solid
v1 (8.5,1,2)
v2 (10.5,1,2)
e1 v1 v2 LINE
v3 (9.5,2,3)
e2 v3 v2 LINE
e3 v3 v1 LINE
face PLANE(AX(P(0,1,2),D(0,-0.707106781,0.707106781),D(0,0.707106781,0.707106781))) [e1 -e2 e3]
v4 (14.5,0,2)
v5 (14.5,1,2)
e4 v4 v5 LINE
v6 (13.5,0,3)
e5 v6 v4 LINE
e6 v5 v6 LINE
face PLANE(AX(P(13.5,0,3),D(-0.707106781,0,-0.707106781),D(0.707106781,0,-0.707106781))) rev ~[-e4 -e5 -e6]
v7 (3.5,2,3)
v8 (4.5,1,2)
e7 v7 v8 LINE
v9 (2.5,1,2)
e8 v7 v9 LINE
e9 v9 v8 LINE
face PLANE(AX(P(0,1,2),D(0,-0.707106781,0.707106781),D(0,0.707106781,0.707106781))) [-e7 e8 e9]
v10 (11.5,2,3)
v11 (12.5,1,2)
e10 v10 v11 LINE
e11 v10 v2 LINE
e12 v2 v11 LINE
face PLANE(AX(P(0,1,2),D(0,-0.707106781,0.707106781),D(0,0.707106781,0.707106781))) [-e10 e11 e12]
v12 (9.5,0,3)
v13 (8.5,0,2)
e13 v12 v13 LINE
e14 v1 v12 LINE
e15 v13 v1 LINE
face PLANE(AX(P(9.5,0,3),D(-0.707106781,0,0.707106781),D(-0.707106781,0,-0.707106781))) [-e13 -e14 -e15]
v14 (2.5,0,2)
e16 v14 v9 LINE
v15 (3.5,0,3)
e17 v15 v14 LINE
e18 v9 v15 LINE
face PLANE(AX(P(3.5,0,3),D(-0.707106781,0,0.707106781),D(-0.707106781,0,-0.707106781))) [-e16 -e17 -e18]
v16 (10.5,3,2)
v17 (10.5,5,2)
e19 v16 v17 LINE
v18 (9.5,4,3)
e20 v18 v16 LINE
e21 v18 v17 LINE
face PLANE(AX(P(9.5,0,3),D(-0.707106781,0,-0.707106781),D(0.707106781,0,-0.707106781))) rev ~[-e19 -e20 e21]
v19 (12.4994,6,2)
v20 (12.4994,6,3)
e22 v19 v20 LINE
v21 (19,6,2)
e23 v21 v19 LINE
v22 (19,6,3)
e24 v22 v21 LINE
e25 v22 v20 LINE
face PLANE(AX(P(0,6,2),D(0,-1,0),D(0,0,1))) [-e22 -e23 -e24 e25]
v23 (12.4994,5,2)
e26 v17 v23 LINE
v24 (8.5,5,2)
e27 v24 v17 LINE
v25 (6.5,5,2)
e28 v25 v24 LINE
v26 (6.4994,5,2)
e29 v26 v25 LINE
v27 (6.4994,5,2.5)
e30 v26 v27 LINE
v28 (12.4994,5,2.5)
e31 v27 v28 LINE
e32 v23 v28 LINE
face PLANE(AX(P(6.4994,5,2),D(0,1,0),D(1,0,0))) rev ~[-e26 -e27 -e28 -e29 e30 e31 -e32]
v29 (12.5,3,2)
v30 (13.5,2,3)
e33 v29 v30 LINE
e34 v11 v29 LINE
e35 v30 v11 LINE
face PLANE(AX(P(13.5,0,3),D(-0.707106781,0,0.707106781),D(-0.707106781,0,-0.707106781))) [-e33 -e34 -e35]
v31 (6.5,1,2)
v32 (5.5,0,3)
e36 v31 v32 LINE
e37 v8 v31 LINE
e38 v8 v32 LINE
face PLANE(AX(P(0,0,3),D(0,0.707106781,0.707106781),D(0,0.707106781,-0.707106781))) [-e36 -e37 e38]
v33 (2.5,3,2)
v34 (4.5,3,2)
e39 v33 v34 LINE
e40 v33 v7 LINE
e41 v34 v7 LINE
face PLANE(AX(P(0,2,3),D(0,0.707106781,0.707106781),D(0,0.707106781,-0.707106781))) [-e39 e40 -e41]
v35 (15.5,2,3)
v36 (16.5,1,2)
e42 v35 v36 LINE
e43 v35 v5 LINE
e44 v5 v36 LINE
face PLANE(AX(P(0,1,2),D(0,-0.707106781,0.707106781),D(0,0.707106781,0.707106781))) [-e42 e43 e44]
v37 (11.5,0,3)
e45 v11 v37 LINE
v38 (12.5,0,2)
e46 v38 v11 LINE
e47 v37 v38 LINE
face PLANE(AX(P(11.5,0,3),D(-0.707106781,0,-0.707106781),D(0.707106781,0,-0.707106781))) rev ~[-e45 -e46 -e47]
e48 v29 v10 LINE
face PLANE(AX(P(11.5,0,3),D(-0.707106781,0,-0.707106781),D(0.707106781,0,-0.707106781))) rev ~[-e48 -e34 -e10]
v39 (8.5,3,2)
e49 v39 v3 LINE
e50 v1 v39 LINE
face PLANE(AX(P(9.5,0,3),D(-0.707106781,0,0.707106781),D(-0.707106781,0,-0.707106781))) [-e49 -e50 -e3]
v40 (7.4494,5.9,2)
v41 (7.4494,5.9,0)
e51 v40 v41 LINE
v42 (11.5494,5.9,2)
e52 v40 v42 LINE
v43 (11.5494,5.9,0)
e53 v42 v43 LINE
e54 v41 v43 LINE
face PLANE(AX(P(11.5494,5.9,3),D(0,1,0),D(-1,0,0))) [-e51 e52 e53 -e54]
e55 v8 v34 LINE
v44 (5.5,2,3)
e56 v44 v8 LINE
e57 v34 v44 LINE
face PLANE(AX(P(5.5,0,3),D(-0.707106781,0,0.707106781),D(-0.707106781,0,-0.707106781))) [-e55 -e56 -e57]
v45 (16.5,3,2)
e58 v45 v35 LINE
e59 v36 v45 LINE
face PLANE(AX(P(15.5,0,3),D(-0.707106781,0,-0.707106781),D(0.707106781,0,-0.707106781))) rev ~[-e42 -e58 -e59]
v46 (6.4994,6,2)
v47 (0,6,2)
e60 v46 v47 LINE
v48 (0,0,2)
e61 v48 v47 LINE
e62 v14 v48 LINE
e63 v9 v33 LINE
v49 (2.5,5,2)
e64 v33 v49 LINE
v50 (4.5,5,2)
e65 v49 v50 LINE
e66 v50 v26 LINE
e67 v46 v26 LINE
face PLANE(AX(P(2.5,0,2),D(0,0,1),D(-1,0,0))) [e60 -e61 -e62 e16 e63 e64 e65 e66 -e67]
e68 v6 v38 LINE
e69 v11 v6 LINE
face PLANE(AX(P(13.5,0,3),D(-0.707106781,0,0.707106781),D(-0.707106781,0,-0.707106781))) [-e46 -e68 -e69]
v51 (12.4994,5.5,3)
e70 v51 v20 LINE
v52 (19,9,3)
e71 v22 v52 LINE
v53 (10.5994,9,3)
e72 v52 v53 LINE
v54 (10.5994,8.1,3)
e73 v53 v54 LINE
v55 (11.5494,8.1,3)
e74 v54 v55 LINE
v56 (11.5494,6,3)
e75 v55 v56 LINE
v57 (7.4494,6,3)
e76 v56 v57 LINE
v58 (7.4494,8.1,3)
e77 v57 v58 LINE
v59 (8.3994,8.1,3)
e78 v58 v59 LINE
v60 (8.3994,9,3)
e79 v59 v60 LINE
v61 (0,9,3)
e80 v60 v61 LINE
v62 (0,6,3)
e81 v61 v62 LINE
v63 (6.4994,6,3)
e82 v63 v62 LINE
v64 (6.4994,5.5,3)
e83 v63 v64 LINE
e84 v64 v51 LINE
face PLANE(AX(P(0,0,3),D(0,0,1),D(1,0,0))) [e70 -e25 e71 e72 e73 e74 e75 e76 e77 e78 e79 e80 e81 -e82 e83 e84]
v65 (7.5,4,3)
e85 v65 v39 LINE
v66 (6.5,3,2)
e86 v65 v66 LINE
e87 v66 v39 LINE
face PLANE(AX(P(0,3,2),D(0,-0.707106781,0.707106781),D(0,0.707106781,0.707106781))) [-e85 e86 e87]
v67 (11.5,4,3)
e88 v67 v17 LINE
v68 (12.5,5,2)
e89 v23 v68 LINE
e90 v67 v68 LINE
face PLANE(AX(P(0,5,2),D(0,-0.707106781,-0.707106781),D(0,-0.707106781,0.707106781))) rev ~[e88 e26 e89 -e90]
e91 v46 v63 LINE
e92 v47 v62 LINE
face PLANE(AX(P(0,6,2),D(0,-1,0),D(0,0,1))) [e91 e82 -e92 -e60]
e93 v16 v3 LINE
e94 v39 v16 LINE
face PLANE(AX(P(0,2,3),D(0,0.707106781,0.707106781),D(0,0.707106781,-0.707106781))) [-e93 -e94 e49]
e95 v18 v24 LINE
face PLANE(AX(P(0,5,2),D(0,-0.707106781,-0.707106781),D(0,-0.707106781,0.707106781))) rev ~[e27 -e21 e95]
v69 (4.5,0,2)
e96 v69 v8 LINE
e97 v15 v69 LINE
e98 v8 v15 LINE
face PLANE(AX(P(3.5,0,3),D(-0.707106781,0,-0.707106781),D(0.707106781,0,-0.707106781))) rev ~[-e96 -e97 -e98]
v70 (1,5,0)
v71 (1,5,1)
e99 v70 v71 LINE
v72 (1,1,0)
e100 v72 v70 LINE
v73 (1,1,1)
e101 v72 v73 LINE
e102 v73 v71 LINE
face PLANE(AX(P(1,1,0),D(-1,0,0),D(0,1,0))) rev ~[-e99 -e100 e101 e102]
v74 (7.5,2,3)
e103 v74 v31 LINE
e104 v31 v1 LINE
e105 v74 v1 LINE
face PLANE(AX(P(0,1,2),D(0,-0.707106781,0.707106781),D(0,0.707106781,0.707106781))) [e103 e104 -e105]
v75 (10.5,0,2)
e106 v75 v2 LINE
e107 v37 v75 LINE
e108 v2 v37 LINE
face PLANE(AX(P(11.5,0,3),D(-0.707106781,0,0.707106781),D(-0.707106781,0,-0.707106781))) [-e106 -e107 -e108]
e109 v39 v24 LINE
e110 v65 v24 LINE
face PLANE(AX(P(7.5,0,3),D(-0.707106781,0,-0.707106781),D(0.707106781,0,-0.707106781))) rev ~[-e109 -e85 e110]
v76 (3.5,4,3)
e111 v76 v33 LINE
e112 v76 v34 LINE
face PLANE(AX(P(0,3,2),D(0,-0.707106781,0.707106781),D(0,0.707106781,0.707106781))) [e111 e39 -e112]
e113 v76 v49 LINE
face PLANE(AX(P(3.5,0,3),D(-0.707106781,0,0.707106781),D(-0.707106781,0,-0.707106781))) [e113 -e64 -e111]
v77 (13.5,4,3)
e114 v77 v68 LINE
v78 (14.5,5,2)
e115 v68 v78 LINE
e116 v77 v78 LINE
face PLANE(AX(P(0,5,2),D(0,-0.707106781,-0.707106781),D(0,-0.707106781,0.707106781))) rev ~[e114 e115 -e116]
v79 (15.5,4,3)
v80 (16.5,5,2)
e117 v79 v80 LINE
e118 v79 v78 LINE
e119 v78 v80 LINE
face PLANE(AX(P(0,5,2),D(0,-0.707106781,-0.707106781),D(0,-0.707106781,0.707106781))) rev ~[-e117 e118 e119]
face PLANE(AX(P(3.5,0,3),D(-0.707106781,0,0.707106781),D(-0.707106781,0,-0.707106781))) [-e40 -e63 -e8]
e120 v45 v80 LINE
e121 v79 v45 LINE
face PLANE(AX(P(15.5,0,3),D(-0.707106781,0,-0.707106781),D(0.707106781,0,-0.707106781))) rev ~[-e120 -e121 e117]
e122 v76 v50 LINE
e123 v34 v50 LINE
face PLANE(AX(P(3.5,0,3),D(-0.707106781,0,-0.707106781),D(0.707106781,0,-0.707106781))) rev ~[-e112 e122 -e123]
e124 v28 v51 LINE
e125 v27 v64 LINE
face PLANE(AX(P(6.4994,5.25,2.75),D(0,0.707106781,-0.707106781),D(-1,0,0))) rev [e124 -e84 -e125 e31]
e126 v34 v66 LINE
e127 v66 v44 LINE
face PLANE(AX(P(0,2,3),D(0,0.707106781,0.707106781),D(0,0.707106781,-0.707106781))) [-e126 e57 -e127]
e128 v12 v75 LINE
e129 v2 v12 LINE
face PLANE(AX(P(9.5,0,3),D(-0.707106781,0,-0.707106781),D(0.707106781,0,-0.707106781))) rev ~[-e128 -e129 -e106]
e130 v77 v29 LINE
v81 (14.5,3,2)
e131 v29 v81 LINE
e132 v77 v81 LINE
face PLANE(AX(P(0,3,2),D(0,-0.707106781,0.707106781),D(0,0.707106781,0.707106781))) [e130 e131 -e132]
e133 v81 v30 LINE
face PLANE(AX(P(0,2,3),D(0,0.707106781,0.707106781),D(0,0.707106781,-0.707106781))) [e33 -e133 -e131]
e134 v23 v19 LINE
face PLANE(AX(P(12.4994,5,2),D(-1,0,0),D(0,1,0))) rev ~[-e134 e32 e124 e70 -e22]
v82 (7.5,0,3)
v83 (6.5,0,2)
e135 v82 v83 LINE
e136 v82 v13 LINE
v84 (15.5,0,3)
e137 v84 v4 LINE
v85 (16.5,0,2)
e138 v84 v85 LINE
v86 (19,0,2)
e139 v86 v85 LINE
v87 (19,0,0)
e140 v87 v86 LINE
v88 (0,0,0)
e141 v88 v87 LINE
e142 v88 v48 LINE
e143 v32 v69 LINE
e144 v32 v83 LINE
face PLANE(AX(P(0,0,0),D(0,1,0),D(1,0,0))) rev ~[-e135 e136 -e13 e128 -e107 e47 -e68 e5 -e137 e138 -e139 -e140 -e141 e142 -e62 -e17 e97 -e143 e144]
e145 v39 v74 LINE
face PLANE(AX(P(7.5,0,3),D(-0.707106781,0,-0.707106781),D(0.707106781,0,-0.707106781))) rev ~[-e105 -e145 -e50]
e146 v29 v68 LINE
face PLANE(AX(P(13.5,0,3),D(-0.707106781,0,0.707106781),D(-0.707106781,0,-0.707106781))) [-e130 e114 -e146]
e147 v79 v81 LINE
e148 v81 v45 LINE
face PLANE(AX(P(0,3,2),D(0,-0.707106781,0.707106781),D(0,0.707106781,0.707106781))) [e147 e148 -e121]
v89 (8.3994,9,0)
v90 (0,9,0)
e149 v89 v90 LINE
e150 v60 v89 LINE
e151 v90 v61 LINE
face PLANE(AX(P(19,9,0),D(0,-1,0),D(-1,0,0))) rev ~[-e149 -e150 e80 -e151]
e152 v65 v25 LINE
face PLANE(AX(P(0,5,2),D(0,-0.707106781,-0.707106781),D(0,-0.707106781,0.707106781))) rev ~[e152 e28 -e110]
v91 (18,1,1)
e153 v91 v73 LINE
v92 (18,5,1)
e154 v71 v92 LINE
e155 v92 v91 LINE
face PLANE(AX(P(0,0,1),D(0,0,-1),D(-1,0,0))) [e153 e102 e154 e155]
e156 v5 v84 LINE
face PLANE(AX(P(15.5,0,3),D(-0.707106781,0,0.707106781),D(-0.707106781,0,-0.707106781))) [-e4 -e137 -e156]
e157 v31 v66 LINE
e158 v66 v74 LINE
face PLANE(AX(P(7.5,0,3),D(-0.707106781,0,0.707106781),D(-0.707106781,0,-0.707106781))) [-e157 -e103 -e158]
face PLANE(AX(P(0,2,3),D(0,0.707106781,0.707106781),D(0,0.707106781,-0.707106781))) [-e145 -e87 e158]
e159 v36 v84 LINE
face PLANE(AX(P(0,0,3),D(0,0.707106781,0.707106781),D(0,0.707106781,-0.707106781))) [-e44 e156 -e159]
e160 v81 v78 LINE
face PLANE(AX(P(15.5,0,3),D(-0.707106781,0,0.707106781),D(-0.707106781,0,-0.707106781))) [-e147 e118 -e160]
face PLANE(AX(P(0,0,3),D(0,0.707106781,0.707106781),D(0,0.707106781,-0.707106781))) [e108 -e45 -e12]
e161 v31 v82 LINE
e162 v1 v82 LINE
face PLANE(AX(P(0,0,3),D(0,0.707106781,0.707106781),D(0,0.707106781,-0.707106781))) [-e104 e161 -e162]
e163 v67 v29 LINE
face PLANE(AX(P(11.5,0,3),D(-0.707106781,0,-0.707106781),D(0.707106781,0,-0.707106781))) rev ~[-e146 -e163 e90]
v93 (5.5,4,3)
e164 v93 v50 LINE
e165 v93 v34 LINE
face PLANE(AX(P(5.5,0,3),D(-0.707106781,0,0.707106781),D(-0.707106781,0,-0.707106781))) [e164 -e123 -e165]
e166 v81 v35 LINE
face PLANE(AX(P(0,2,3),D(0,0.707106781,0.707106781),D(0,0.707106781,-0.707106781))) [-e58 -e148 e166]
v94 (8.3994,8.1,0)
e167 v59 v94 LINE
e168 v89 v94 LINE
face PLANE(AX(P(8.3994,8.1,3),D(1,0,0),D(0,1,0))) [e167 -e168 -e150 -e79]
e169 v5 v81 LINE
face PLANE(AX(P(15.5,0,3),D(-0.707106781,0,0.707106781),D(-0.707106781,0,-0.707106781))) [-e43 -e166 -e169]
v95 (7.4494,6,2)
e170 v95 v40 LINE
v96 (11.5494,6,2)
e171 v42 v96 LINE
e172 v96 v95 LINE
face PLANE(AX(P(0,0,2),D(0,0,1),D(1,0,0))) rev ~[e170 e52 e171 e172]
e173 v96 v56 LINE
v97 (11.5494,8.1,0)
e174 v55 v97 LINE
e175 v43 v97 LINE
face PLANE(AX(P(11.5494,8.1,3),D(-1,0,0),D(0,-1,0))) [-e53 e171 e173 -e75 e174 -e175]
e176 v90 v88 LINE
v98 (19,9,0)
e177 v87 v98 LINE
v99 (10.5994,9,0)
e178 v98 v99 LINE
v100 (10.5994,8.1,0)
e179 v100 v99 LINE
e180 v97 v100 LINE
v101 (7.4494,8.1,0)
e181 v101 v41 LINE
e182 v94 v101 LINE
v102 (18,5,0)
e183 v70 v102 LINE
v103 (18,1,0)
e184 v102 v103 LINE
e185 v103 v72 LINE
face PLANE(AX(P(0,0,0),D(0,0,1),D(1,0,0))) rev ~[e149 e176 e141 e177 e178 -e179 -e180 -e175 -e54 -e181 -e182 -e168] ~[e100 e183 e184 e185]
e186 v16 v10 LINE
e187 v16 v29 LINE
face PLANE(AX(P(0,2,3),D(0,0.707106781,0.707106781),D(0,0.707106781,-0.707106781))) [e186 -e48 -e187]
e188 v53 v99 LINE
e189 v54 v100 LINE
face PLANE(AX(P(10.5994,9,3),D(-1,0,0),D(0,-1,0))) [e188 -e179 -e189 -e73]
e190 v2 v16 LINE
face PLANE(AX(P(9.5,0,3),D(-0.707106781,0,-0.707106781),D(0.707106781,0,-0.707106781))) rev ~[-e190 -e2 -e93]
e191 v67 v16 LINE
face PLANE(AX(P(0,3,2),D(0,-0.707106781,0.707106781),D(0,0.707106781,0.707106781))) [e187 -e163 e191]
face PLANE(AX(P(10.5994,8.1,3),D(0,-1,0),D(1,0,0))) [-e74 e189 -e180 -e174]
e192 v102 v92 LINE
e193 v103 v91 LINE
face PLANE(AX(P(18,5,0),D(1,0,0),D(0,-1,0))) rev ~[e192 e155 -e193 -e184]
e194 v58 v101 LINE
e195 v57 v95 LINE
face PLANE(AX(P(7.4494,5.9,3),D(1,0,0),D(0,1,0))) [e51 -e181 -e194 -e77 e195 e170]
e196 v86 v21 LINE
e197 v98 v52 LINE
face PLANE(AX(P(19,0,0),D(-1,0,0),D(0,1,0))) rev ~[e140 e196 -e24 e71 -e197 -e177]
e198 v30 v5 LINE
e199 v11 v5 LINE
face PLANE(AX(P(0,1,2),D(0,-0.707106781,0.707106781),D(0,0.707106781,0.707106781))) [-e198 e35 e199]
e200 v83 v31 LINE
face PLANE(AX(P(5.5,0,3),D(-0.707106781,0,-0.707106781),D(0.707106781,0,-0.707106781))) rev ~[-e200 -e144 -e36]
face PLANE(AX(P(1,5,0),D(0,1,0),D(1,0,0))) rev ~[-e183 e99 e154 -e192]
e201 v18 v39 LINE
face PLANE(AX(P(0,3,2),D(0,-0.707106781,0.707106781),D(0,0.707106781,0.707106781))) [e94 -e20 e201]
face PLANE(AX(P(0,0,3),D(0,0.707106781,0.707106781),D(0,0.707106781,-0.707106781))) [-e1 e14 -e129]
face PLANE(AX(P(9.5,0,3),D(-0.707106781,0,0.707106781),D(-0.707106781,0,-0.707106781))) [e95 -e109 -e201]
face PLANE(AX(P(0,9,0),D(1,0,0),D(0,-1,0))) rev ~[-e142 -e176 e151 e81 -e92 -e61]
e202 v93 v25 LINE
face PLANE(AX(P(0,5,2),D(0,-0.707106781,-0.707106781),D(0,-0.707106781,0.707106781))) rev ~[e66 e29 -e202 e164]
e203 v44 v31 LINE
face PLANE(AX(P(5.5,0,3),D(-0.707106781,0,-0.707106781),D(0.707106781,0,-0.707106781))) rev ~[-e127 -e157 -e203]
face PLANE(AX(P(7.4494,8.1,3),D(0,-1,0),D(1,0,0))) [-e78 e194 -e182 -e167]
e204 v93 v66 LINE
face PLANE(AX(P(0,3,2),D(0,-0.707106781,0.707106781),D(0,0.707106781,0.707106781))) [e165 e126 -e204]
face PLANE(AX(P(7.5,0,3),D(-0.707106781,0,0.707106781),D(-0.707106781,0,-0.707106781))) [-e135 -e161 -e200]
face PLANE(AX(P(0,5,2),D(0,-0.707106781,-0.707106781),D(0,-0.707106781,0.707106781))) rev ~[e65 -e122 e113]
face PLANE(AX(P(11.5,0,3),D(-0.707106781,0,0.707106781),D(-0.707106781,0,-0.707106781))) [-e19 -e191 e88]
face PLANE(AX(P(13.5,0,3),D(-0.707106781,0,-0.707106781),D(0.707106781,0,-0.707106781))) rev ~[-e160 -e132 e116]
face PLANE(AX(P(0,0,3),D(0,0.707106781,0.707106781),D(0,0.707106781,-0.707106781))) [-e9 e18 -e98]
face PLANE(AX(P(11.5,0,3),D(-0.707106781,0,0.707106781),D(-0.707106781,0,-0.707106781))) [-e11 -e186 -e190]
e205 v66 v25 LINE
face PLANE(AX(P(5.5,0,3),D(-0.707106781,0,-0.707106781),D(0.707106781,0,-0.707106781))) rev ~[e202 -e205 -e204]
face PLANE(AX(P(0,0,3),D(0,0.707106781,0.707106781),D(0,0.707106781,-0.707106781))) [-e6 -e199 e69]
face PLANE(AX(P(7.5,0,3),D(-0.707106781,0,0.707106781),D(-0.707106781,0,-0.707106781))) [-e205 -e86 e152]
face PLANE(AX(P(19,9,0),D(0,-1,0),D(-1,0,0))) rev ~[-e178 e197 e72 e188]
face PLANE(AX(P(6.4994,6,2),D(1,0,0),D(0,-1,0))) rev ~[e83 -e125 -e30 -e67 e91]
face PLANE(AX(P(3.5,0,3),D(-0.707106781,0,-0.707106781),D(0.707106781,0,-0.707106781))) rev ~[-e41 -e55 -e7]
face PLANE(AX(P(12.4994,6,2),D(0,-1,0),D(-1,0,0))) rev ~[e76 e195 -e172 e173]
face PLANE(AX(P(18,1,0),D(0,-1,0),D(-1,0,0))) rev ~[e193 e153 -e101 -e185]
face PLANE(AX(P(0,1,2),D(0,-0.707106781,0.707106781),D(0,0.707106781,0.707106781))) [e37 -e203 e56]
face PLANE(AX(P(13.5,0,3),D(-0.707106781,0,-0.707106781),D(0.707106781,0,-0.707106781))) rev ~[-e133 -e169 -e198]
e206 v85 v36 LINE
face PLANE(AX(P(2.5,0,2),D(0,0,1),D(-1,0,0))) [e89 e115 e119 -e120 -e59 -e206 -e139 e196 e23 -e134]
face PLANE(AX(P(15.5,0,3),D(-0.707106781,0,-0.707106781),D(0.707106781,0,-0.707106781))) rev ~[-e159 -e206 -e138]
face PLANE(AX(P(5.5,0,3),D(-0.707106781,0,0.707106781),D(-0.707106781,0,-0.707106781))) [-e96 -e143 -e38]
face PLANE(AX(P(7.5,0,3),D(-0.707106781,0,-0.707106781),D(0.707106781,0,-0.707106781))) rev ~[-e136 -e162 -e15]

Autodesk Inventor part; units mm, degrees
ref_plane "YZ Plane" through (0, 0, 0) normal (1, 0, 0) x (0, 1, 0)
ref_plane "XZ Plane" through (0, 0, 0) normal (0, 1, 0) x (-1, 0, 0)
ref_plane "XY Plane" through (0, 0, 0) normal (0, 0, 1) x (1, 0, 0)
sketch "Sketch1" plane through (0, 0, 0) normal (0, 0, 1) x (1, 0, 0)
  line L0 (0, 0) -> (19, 0)
  line L1 (19, 0) -> (19, 9)
  line L2 (19, 9) -> (0, 9)
  line L3 (0, 9) -> (0, 0)
  point P0 (9.5, 9)
  dimension "d0" = 19
  dimension "d1" = 9
extrude "Extrusion1" add sketch "Sketch1" along normal blind 3
sketch "Sketch10" plane through (0, 0, 0) normal (-1, 0, 0) x (0, 0, 1)
  line L0 (0, 0) -> (3, 0) projected
  line L1 (3, 9) -> (3, 0) projected
  line L2 (3, 0) -> (2, 0)
  line L3 (2, 0) -> (2, 6)
  line L4 (2, 6) -> (3, 6)
  line L5 (3, 6) -> (3, 0)
  line L6 (3, 0) -> (2, 1)
  line L7 (3, 0) -> (4.4142, 0) construction
  line L8 (2, 1) -> (3, 2)
  line L9 (3, 0) -> (3, 9) projected
  line L10 (3, 2) -> (2, 3)
  line L11 (2, 3) -> (3, 4)
  line L12 (2, 5) -> (3, 4)
  line L13 (2, 5) -> (3, 5)
  dimension "d23" = 1
  dimension "d24" = 6
  dimension "d25" = 135
  dimension "d26" = 90
extrude "Extrusion8" cut sketch "Sketch10" against normal up to next contours L6 L8 L1 | L10 L11 L1 | L12 L13 L1 | L3 L4 L1 L13
sketch "Sketch11" plane through (0, 0, 0) normal (0, -1, 0) x (1, 0, 0)
  line L0 (0, 3) -> (19, 3) projected
  line L1 (0, 3) -> (19, 3)
  line L2 (19, 3) -> (19, 2)
  line L3 (19, 2) -> (8.5, 2)
  line L4 (0, 2) -> (0, 3)
  line L5 (0, 3) -> (0, 2) projected
  line L6 (0, 3) -> (1.4142, 3) construction
  line L7 (19, 3) -> (0, 3) projected
  line L8 (9.5, 3) -> (8.5, 2)
  line L9 (9.5, 3) -> (10.9142, 3) construction
  line L10 (10.5, 2) -> (8.5, 2)
  line L11 (9.5, 3) -> (10.5, 2)
  line L12 (10.5, 2) -> (8.5, 2)
  line L13 (8.5, 2) -> (0, 2)
  line L14 (7.5, 3) -> (8.5, 2)
  line L15 (8.5, 2) -> (6.5, 2)
  line L16 (7.5, 3) -> (6.5, 2)
  line L17 (5.5, 3) -> (6.5, 2)
  line L18 (6.5, 2) -> (4.5, 2)
  line L19 (5.5, 3) -> (4.5, 2)
  line L20 (3.5, 3) -> (4.5, 2)
  line L21 (4.5, 2) -> (2.5, 2)
  line L22 (3.5, 3) -> (2.5, 2)
  line L23 (12.5, 2) -> (10.5, 2)
  line L24 (11.5, 3) -> (12.5, 2)
  line L25 (11.5, 3) -> (10.5, 2)
  line L26 (14.5, 2) -> (12.5, 2)
  line L27 (13.5, 3) -> (14.5, 2)
  line L28 (13.5, 3) -> (12.5, 2)
  line L29 (16.5, 2) -> (14.5, 2)
  line L30 (15.5, 3) -> (16.5, 2)
  line L31 (15.5, 3) -> (14.5, 2)
  point P0 (0, 0)
  dimension "d30" = 135
  dimension "d33" = 2
  dimension "d40" = 2
extrude "Extrusion9" cut sketch "Sketch11" against normal blind 6 contours L0 L22 L13 L4 | L0 L19 L20 | L0 L16 L17 | L0 L8 L14 | L0 L25 L11 | L0 L28 L24 | L0 L31 L27 | L0 L2 L3 L30
sketch "Sketch12" plane through (0, 0, 3) normal (0, 0, 1) x (1, 0, 0)
  line L0 (19, 9) -> (0, 9) projected
  line L1 (11.5494, 5.9) -> (7.4494, 5.9)
  line L2 (7.4494, 5.9) -> (7.4494, 8.1)
  line L3 (7.4494, 8.1) -> (11.5494, 8.1)
  line L4 (11.5494, 8.1) -> (11.5494, 5.9)
  line L5 (11.5494, 5.9) -> (7.4494, 8.1) construction
  line L6 (7.4494, 5.9) -> (11.5494, 8.1) construction
  line L7 (10.5994, 7.2) -> (8.3994, 7.2)
  line L8 (8.3994, 7.2) -> (8.3994, 9)
  line L9 (8.3994, 9) -> (10.5994, 9)
  line L10 (10.5994, 9) -> (10.5994, 7.2)
  line L11 (10.5994, 7.2) -> (8.3994, 9) construction
  line L12 (8.3994, 7.2) -> (10.5994, 9) construction
  point P0 (0, 0)
  point P1 (9.4994, 7)
  point P2 (9.4994, 8.1)
  dimension "d47" = 2
  dimension "d48" = 4.1
  dimension "d49" = 2.2
  dimension "d50" = 2.2
extrude "Extrusion10" cut sketch "Sketch12" against normal up to next
sketch "Sketch13" plane through (0, 0, 0) normal (0, 0, -1) x (-1, 0, 0)
  line L0 (-8.3994, 9) -> (-8.3994, 8.1) projected
  line L1 (-8.3994, 8.1) -> (-7.4494, 8.1) projected
  line L2 (-7.4494, 8.1) -> (-7.4494, 5.9) projected
  line L3 (-7.4494, 5.9) -> (-11.5494, 5.9) projected
  line L4 (-11.5494, 5.9) -> (-11.5494, 8.1) projected
  line L5 (-11.5494, 8.1) -> (-10.5994, 8.1) projected
  line L6 (-10.5994, 8.1) -> (-10.5994, 9) projected
  line L7 (-19, 9) -> (-10.5994, 9) projected
  line L8 (-19, 0) -> (-19, 9) projected
  line L9 (0, 0) -> (-19, 0) projected
  line L10 (0, 9) -> (0, 0) projected
  line L11 (-8.3994, 9) -> (0, 9) projected
  line L12 (-10.5, 3) -> (-8.5, 3) projected
  line L13 (-1, 5) -> (-18, 5)
  line L14 (-18, 5) -> (-18, 1)
  line L15 (-18, 1) -> (-1, 1)
  line L16 (-1, 1) -> (-1, 5)
  line L17 (-1, 5) -> (-18, 1) construction
  line L18 (-18, 5) -> (-1, 1) construction
  point P0 (-9.5, 3)
  dimension "d53" = 17
  dimension "d54" = 4
extrude "Extrusion11" cut sketch "Sketch13" against normal blind 1 contours L16 L15 L14 L13
sketch "Sketch14" plane through (0, 0, 2) normal (0, 0, 1) x (1, 0, 0)
  line L0 (6.4994, 5) -> (12.4994, 5)
  line L1 (12.4994, 5) -> (12.4994, 6)
  line L2 (12.4994, 6) -> (6.4994, 6)
  line L3 (6.4994, 6) -> (6.4994, 5)
  line L4 (6.4994, 5) -> (12.4994, 6) construction
  line L5 (12.4994, 5) -> (6.4994, 6) construction
  line L6 (19, 9) -> (10.5994, 9) projected
  point P0 (0, 0)
  point P1 (9.4994, 5.5)
  dimension "d57" = 6
  dimension "d58" = 1
  dimension "d59" = 3.5
extrude "Extrusion12" add sketch "Sketch14" along normal blind 1
chamfer "Chamfer1" distance 0.5 angle 45 1 edges at (9.4994, 5, 3)
sketch "WeightSection-5mm" plane through (0, 0, 0) normal (-1, 0, 0) x (0, 0, 1)
  line L0 (0, 5) -> (1, 5) projected
  line L1 (1, 5) -> (1, 1) projected
  line L2 (0, 1) -> (1, 1) projected
  circle A0 centre (-1.5334, 3) radius 2.5
  point P0 (0, 0)
  dimension "d65" = 5
properties part number "Clamp-part2(moving)-Base9x19mm."
